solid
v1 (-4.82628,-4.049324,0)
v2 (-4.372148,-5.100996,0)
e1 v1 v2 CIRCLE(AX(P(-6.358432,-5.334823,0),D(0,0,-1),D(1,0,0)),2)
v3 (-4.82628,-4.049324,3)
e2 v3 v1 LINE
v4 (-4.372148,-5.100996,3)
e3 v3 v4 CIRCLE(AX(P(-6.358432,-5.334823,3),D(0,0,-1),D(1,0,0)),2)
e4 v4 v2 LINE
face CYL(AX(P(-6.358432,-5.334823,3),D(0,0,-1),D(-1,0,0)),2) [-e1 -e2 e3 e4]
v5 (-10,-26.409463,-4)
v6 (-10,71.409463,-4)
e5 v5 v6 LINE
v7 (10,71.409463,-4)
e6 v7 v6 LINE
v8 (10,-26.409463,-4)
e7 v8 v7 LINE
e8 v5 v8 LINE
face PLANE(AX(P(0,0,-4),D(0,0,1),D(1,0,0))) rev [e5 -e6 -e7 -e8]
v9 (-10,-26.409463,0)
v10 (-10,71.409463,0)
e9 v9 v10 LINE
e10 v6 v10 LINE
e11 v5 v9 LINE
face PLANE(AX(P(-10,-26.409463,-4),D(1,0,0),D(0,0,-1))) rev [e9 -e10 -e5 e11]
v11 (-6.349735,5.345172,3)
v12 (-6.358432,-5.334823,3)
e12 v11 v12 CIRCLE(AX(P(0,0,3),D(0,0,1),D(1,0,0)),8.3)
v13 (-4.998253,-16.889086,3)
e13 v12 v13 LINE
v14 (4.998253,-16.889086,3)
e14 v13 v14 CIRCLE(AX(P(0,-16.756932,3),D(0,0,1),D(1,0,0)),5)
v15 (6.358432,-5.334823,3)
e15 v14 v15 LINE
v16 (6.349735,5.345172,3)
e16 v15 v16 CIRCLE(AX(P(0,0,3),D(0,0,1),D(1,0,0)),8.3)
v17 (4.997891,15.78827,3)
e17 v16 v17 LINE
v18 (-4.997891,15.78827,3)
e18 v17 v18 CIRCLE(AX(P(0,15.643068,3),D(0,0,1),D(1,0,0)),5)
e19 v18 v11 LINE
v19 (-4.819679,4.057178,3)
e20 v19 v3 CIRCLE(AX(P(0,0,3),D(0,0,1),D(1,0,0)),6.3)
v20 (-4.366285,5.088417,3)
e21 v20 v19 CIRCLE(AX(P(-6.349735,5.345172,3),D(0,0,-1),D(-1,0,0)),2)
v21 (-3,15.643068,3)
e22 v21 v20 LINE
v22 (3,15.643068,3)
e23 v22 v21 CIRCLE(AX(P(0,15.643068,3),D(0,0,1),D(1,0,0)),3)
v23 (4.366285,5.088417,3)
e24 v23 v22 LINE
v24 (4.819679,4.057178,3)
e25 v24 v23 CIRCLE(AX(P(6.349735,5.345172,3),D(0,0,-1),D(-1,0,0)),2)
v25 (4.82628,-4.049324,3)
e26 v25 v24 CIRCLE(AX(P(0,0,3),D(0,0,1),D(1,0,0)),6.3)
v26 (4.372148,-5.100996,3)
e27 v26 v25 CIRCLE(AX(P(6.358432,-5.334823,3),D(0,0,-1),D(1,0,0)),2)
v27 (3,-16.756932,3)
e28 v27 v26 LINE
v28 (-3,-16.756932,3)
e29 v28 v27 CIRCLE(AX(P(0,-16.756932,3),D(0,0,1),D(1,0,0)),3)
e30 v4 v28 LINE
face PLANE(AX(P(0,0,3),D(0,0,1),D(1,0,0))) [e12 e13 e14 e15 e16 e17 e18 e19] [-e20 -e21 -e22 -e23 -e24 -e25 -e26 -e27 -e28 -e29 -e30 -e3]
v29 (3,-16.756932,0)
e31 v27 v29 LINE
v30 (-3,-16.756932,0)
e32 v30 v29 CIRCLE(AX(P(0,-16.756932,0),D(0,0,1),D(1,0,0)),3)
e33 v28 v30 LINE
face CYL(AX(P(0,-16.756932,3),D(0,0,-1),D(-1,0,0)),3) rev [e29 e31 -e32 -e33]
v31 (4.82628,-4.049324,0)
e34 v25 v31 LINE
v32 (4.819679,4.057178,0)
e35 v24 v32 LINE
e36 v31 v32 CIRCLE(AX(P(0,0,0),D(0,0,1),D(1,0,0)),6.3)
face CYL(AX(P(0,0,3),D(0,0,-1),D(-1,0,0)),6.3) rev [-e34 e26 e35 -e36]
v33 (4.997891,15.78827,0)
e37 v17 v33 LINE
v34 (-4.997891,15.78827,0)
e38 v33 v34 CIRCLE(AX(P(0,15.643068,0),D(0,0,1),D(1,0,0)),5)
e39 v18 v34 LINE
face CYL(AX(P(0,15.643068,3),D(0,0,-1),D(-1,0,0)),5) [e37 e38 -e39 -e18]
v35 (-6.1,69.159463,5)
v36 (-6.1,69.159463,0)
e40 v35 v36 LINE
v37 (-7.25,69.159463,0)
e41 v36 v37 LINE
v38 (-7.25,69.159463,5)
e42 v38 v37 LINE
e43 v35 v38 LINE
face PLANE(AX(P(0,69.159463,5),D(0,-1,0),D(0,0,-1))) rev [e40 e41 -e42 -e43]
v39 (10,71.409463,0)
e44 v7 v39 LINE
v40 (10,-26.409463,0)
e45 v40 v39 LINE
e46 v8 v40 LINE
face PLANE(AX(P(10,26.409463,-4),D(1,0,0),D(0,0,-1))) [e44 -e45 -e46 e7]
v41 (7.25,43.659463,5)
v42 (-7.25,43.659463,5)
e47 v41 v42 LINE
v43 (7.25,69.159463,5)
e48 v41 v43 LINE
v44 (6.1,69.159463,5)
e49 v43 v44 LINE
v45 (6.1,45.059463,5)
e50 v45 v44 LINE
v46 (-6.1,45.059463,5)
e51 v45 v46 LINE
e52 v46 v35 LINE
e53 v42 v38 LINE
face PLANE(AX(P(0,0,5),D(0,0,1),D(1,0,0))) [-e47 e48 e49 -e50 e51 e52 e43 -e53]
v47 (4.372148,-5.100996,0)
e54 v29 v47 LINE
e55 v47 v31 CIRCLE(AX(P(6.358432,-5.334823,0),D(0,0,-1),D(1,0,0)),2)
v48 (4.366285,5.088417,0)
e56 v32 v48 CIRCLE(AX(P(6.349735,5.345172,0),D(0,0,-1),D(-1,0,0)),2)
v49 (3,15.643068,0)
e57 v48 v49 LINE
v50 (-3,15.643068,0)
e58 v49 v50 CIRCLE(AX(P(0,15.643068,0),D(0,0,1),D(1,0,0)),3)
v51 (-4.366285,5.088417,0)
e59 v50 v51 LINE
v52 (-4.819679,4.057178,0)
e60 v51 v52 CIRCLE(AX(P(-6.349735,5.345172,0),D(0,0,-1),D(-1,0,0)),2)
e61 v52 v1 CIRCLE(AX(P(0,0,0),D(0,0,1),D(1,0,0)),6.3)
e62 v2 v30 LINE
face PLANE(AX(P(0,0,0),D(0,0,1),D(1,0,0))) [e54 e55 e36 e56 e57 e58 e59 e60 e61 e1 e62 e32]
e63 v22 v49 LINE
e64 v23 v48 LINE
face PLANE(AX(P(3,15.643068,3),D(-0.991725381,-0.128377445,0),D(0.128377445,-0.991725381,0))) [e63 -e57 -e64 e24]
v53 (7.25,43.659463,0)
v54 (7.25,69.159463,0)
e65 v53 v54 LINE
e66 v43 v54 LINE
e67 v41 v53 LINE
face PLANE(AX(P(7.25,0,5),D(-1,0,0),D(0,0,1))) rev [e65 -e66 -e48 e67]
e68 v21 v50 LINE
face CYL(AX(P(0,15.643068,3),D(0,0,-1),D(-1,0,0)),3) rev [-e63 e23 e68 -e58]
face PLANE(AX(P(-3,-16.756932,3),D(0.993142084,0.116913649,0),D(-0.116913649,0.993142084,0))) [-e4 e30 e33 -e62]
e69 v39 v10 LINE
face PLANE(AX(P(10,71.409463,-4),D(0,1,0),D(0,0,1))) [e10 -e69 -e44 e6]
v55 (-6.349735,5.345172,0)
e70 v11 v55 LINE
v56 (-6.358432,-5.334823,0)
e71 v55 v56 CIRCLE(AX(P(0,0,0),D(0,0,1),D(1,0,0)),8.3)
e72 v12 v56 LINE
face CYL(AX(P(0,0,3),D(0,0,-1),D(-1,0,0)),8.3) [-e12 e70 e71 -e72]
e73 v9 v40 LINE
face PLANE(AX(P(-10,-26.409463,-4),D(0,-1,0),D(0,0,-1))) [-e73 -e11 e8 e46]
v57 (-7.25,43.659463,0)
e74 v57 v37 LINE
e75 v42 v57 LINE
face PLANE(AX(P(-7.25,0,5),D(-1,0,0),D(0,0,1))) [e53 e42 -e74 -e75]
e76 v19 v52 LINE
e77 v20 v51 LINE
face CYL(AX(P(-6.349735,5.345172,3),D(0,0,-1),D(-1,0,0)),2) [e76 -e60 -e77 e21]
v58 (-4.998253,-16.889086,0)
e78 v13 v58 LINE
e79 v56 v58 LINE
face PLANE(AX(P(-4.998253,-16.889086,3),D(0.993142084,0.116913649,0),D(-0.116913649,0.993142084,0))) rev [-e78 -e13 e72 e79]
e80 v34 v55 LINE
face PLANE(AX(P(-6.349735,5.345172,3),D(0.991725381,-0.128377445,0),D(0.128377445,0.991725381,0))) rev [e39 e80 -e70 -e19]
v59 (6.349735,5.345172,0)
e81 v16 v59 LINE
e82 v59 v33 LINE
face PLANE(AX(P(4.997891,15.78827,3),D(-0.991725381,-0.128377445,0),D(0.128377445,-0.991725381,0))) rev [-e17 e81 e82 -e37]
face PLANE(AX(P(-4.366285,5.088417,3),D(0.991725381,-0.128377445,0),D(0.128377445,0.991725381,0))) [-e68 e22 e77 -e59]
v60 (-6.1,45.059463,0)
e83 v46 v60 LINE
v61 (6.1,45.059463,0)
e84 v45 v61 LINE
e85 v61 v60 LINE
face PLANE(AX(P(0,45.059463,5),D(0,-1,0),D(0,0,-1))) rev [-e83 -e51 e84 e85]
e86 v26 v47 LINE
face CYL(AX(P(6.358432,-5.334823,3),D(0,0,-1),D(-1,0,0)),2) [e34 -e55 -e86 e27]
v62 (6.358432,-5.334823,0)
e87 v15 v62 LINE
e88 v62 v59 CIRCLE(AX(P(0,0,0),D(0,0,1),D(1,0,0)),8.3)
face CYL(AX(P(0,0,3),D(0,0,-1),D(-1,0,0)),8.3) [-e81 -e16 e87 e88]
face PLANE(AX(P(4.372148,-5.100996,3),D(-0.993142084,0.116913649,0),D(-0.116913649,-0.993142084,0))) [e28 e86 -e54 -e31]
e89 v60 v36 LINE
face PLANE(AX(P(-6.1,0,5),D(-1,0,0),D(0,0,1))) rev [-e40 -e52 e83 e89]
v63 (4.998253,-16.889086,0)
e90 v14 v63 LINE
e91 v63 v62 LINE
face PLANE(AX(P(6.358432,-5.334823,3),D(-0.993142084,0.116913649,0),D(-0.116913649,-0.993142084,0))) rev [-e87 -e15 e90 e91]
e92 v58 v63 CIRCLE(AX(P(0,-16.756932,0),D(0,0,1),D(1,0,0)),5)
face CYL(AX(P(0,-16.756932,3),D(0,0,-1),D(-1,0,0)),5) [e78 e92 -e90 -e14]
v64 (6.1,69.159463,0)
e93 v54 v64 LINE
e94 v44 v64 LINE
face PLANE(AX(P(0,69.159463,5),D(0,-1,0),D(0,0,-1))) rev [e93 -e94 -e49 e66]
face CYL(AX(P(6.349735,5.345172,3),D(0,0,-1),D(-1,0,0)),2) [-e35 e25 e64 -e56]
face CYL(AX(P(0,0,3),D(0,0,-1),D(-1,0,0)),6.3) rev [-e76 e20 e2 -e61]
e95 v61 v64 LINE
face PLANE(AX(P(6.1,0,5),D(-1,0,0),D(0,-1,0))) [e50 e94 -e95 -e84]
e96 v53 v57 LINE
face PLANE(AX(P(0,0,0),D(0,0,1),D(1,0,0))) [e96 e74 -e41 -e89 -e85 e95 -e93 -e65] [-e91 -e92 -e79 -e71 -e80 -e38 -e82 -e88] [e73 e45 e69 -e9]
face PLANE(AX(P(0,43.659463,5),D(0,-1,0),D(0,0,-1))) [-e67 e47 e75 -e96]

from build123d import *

# Parameters (mm, degrees)
BOSS_EXTRUDE1_DEPTH = 3
BOSS_EXTRUDE2_DEPTH = 4
BOSS_EXTRUDE3_DEPTH = 5


with BuildPart() as part:
    # Sketch1 → Boss-Extrude1 (new body)
    with BuildSketch(Plane.XY):
        with BuildLine():
            Line((-6.349735442, 5.345171636), (-4.997891213, 15.788269553))
            ThreePointArc((-4.997891213, 15.788269553), (0, 20.643068224), (4.997891213, 15.788269553))
            Line((4.997891213, 15.788269553), (6.349735442, 5.345171636))
            ThreePointArc((6.349735442, 5.345171636), (8.299997248, 0.006758739), (6.358432228, -5.334823296))
            Line((6.358432228, -5.334823296), (4.998253221, -16.889085995))
            ThreePointArc((4.998253221, -16.889085995), (0, -21.756931776), (-4.998253221, -16.889085995))
            Line((-4.998253221, -16.889085995), (-6.358432228, -5.334823296))
            ThreePointArc((-6.358432228, -5.334823296), (-8.299997248, 0.006758739), (-6.349735442, 5.345171636))
        make_face()
        with BuildLine():
            Line((-4.36628468, 5.088416745), (-3, 15.643068224))
            ThreePointArc((-3, 15.643068224), (0, 18.643068224), (3, 15.643068224))
            Line((3, 15.643068224), (4.36628468, 5.088416745))
            ThreePointArc((4.36628468, 5.088416745), (4.518875856, 4.540216249), (4.819678709, 4.057178471))
            ThreePointArc((4.819678709, 4.057178471), (6.299997911, 0.005130128), (4.826279884, -4.049323707))
            ThreePointArc((4.826279884, -4.049323707), (4.522307907, -4.541950371), (4.37214806, -5.100995998))
            Line((4.37214806, -5.100995998), (3, -16.756931776))
            ThreePointArc((3, -16.756931776), (0, -19.756931776), (-3, -16.756931776))
            Line((-3, -16.756931776), (-4.37214806, -5.100995998))
            ThreePointArc((-4.37214806, -5.100995998), (-4.522307907, -4.541950371), (-4.826279884, -4.049323707))
            ThreePointArc((-4.826279884, -4.049323707), (-6.299997911, 0.005130128), (-4.819678709, 4.057178471))
            ThreePointArc((-4.819678709, 4.057178471), (-4.518875856, 4.540216249), (-4.36628468, 5.088416745))
        make_face(mode=Mode.SUBTRACT)
    extrude(amount=BOSS_EXTRUDE1_DEPTH)

    # Sketch2 → Boss-Extrude2 (add)
    with BuildSketch(Plane(origin=(0, 0, 0), x_dir=(-1, 0, 0), z_dir=(0, 0, -1))):
        Polygon((10, -26.40946304), (-10, -26.40946304), (-10, 26.40946304), (-10, 71.40946304), (10, 71.40946304), (10, 26.40946304), align=None)
    extrude(amount=BOSS_EXTRUDE2_DEPTH)

    # Sketch3 → Boss-Extrude3 (add)
    with BuildSketch(Plane.XY):
        Polygon((7.25, 69.15946304), (6.1, 69.15946304), (6.1, 67.75946304), (6.1, 45.05946304), (-6.1, 45.05946304), (-6.1, 67.75946304), (-6.1, 69.15946304), (-7.25, 69.15946304), (-7.25, 43.65946304), (7.25, 43.65946304), align=None)
    extrude(amount=BOSS_EXTRUDE3_DEPTH)


solid = part.part
